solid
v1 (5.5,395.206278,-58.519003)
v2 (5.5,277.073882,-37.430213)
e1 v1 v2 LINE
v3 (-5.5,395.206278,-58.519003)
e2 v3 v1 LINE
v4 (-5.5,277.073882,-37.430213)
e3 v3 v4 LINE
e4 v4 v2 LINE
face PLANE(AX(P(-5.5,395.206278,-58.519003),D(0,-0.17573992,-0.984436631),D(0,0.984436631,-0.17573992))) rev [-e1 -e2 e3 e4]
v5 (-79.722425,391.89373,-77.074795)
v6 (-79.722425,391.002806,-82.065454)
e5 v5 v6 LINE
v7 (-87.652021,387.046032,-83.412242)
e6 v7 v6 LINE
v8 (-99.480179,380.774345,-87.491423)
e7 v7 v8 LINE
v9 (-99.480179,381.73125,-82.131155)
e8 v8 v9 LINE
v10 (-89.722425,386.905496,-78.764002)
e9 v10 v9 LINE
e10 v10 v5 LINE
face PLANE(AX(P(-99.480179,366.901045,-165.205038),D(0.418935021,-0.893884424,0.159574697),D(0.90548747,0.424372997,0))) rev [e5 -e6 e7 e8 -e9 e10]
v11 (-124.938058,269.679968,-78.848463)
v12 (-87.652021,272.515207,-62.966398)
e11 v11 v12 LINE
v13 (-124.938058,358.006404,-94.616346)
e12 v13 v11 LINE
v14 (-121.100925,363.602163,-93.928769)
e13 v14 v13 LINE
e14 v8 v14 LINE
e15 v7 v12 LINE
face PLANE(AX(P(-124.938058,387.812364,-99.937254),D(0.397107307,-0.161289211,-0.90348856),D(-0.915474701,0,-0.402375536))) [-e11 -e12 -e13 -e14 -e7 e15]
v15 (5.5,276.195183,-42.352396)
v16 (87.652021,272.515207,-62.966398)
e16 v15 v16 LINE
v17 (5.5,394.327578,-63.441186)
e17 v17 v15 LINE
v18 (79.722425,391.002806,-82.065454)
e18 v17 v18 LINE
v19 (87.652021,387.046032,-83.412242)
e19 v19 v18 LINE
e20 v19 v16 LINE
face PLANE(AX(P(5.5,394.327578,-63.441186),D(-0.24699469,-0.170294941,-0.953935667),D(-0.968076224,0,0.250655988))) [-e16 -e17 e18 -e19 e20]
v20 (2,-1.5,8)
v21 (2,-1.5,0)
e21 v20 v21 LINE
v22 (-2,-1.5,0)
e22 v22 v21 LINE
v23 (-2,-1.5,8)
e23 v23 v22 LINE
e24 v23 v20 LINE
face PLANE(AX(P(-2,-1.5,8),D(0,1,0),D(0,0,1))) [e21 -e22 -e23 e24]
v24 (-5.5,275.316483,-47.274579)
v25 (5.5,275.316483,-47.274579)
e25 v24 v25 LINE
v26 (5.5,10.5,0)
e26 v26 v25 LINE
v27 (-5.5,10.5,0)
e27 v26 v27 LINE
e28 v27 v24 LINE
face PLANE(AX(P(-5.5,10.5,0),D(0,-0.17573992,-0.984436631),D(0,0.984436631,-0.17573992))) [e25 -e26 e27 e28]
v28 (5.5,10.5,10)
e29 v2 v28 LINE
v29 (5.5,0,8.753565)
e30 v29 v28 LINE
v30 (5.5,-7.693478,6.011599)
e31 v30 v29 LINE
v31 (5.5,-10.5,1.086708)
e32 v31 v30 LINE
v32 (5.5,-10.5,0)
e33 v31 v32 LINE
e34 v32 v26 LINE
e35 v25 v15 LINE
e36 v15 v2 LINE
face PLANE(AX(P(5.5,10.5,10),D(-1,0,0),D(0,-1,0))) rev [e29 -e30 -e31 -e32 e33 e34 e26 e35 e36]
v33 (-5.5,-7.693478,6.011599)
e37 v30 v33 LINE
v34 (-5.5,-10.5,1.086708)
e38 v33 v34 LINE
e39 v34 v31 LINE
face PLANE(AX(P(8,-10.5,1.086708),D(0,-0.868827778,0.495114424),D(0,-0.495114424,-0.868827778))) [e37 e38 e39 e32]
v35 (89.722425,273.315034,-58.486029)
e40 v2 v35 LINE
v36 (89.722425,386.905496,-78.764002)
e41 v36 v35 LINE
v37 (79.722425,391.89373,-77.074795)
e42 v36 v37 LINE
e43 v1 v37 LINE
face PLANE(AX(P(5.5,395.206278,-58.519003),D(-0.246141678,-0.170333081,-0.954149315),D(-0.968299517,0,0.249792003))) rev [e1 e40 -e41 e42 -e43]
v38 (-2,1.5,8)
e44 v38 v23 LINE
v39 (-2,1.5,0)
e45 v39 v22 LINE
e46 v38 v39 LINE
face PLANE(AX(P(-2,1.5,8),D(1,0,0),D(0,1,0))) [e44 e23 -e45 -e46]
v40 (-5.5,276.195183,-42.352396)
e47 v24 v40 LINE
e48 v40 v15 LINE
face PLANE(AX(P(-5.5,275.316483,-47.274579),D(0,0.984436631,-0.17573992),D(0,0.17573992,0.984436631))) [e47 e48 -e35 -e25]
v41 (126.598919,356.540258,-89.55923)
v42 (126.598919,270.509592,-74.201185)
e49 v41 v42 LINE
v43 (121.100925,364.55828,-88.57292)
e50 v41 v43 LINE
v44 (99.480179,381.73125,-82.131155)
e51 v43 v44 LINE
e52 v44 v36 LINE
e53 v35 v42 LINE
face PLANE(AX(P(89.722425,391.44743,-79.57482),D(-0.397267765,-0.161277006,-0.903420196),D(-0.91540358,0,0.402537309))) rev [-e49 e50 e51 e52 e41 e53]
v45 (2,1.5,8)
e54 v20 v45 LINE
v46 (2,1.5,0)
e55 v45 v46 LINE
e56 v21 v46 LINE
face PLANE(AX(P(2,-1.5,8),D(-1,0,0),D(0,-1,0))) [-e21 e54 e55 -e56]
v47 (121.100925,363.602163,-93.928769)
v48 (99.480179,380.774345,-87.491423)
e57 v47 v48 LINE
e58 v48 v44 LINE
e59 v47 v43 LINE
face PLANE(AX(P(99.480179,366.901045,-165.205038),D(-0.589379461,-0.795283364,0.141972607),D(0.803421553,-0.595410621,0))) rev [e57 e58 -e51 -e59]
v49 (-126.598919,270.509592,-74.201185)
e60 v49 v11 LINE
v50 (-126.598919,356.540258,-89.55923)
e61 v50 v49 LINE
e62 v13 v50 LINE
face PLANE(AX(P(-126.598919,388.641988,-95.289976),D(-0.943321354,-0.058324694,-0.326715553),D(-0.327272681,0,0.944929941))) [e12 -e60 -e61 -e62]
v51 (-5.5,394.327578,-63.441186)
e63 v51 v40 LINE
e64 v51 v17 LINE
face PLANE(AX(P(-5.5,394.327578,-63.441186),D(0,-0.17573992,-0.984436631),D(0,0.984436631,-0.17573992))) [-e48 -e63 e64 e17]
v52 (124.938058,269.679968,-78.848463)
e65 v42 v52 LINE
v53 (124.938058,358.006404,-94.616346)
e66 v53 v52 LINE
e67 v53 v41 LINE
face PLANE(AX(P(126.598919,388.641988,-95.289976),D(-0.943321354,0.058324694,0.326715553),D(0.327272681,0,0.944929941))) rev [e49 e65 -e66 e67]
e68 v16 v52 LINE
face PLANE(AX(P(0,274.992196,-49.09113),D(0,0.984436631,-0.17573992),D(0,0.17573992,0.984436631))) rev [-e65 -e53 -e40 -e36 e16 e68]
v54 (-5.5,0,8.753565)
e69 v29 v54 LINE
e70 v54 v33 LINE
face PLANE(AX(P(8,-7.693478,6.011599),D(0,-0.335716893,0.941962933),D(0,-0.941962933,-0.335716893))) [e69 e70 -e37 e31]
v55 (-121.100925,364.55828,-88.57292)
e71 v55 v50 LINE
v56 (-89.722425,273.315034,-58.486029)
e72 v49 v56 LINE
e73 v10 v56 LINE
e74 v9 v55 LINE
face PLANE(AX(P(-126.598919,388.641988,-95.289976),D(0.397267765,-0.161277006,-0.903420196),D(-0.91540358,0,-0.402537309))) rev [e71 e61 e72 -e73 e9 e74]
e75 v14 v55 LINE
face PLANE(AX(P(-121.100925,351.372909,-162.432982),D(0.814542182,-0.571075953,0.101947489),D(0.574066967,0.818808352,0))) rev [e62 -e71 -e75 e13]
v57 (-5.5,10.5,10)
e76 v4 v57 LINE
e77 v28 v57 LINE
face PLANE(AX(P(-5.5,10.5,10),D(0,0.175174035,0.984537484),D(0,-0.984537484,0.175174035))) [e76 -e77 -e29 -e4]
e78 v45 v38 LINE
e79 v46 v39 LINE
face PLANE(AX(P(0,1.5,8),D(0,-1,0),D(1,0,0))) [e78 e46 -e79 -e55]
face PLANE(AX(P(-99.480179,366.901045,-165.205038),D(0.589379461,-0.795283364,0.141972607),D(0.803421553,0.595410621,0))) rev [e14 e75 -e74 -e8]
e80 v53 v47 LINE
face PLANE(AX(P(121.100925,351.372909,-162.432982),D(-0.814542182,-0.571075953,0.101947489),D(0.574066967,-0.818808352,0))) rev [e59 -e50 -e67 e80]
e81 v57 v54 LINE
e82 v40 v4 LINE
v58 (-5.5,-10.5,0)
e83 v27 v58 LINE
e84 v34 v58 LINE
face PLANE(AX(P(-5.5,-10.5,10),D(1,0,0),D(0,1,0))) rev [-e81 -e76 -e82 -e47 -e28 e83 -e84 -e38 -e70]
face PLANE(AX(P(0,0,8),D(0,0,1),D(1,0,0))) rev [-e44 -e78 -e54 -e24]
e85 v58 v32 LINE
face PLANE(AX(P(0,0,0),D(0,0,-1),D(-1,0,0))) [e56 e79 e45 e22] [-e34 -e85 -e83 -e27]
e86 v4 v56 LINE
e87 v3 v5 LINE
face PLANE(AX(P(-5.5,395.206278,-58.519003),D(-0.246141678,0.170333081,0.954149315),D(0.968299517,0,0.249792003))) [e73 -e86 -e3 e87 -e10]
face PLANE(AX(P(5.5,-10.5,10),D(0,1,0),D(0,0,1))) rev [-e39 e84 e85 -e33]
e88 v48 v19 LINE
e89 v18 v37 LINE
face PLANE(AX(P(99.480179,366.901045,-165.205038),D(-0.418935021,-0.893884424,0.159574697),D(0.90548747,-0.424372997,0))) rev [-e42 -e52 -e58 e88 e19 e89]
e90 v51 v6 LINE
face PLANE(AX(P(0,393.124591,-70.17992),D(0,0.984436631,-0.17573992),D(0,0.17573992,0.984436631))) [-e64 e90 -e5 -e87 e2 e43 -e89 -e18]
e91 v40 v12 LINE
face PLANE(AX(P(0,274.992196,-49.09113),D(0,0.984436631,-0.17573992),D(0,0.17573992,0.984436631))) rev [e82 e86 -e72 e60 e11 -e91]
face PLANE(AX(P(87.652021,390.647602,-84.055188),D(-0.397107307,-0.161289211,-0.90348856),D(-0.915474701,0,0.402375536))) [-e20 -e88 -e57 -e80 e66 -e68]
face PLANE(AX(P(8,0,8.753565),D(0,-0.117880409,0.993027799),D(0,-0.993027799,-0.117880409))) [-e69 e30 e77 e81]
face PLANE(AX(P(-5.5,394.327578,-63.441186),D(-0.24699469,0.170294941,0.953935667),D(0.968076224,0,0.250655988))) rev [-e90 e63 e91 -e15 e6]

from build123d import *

# Parameters (mm, degrees)
SKETCH3_W                = 11
SKETCH3_H                = 21
BOSS_EXTRUDE1_DEPTH      = 10
CUT_EXTRUDE1_DEPTH       = 8
CUT_EXTRUDE5_DEPTH       = 8
CUT_EXTRUDE5_DEPTH_BACK  = 8
BOSS_EXTRUDE2_DEPTH      = 5.5
BOSS_EXTRUDE2_DEPTH_BACK = 5.5
BOSS_EXTRUDE6_DEPTH      = 120
CUT_EXTRUDE6_DEPTH       = 120


with BuildPart() as part:
    # Sketch3 → Boss-Extrude1 (new body)
    with BuildSketch(Plane.XY):
        Rectangle(SKETCH3_W, SKETCH3_H)
    extrude(amount=BOSS_EXTRUDE1_DEPTH)

    # Sketch5 → Cut-Extrude1 (cut)
    with BuildSketch(Plane.XY):
        Polygon((0, 1.5), (-2, 1.5), (-2, -1.5), (2, -1.5), (2, 1.5), align=None)
    extrude(amount=CUT_EXTRUDE1_DEPTH, mode=Mode.SUBTRACT)

    # Sketch6 → Cut-Extrude5 (cut, two sides: drawn at the far end of the back side and taken through both)
    with BuildSketch(Plane(origin=(0, 0, 0), x_dir=(0, 0, -1), z_dir=(1, 0, 0)).offset(-CUT_EXTRUDE5_DEPTH_BACK)):
        Polygon((-1.0867085, -10.5), (-6.011599163, -7.693477847), (-8.753565317, 0), (-10, 10.5), (-10, -10.5), (-10, -11.324459918), (-1.0867085, -10.760658811), align=None)
    extrude(amount=CUT_EXTRUDE5_DEPTH + CUT_EXTRUDE5_DEPTH_BACK, mode=Mode.SUBTRACT)

    # Sketch18 → Boss-Extrude2 (add, two sides: drawn at the far end of the back side and taken through both)
    with BuildSketch(Plane(origin=(0, 0, 0), x_dir=(0, 0, -1), z_dir=(1, 0, 0)).offset(-BOSS_EXTRUDE2_DEPTH_BACK)):
        Polygon((0, 10.5), (47.274579224, 275.316482995), (37.430212914, 277.073882193), (-10, 10.5), align=None)
    extrude(amount=BOSS_EXTRUDE2_DEPTH + BOSS_EXTRUDE2_DEPTH_BACK)

    # Sketch20 → Boss-Extrude6 (add)
    with BuildSketch(Plane(origin=(0, 274.99219554, -49.091129779), x_dir=(1, 0, 0), z_dir=(0, 0.9844366310526066, -0.17573991988673054))):
        Polygon((5.5, -11.845269159), (89.722424634, 9.543427454), (126.59891896, 25.507030725), (124.938057952, 30.22777974), (87.652020554, 14.094628059), (5.5, -6.845269159), (-5.5, -6.845269159), (-87.652020554, 14.094628059), (-124.938057952, 30.22777974), (-126.59891896, 25.507030725), (-89.722424634, 9.543427454), (-5.5, -11.845269159), align=None)
    extrude(amount=BOSS_EXTRUDE6_DEPTH)

    # Sketch23 → Cut-Extrude6 (cut)
    with BuildSketch(Plane(origin=(0, 3.839085852, 21.505283175), x_dir=(1, 0, 0), z_dir=(0, 0.17573991988673054, 0.9844366310526066))):
        Polygon((-5.5, 419.339661758), (-1.559239103, 421.572876694), (-44.351514871, 435.559129211), (-45.770075722, 435.559129211), (-131.689368664, 409.111534998), (-185.542931008, 339.339661758), (-131.689368664, 359.582766362), (-121.100925347, 374.450322533), (-99.48017922, 390.223948639), (-79.722424634, 399.339661758), align=None)
        Polygon((5.5, 419.339661758), (79.722424634, 399.339661758), (99.48017922, 390.223948639), (121.100925347, 374.450322533), (131.689368664, 359.582766362), (185.542931008, 339.339661758), (131.689368664, 409.111534998), (45.770075722, 435.559129211), (44.351514871, 435.559129211), (1.559239103, 421.572876694), align=None)
    extrude(amount=-CUT_EXTRUDE6_DEPTH, mode=Mode.SUBTRACT)


solid = part.part
